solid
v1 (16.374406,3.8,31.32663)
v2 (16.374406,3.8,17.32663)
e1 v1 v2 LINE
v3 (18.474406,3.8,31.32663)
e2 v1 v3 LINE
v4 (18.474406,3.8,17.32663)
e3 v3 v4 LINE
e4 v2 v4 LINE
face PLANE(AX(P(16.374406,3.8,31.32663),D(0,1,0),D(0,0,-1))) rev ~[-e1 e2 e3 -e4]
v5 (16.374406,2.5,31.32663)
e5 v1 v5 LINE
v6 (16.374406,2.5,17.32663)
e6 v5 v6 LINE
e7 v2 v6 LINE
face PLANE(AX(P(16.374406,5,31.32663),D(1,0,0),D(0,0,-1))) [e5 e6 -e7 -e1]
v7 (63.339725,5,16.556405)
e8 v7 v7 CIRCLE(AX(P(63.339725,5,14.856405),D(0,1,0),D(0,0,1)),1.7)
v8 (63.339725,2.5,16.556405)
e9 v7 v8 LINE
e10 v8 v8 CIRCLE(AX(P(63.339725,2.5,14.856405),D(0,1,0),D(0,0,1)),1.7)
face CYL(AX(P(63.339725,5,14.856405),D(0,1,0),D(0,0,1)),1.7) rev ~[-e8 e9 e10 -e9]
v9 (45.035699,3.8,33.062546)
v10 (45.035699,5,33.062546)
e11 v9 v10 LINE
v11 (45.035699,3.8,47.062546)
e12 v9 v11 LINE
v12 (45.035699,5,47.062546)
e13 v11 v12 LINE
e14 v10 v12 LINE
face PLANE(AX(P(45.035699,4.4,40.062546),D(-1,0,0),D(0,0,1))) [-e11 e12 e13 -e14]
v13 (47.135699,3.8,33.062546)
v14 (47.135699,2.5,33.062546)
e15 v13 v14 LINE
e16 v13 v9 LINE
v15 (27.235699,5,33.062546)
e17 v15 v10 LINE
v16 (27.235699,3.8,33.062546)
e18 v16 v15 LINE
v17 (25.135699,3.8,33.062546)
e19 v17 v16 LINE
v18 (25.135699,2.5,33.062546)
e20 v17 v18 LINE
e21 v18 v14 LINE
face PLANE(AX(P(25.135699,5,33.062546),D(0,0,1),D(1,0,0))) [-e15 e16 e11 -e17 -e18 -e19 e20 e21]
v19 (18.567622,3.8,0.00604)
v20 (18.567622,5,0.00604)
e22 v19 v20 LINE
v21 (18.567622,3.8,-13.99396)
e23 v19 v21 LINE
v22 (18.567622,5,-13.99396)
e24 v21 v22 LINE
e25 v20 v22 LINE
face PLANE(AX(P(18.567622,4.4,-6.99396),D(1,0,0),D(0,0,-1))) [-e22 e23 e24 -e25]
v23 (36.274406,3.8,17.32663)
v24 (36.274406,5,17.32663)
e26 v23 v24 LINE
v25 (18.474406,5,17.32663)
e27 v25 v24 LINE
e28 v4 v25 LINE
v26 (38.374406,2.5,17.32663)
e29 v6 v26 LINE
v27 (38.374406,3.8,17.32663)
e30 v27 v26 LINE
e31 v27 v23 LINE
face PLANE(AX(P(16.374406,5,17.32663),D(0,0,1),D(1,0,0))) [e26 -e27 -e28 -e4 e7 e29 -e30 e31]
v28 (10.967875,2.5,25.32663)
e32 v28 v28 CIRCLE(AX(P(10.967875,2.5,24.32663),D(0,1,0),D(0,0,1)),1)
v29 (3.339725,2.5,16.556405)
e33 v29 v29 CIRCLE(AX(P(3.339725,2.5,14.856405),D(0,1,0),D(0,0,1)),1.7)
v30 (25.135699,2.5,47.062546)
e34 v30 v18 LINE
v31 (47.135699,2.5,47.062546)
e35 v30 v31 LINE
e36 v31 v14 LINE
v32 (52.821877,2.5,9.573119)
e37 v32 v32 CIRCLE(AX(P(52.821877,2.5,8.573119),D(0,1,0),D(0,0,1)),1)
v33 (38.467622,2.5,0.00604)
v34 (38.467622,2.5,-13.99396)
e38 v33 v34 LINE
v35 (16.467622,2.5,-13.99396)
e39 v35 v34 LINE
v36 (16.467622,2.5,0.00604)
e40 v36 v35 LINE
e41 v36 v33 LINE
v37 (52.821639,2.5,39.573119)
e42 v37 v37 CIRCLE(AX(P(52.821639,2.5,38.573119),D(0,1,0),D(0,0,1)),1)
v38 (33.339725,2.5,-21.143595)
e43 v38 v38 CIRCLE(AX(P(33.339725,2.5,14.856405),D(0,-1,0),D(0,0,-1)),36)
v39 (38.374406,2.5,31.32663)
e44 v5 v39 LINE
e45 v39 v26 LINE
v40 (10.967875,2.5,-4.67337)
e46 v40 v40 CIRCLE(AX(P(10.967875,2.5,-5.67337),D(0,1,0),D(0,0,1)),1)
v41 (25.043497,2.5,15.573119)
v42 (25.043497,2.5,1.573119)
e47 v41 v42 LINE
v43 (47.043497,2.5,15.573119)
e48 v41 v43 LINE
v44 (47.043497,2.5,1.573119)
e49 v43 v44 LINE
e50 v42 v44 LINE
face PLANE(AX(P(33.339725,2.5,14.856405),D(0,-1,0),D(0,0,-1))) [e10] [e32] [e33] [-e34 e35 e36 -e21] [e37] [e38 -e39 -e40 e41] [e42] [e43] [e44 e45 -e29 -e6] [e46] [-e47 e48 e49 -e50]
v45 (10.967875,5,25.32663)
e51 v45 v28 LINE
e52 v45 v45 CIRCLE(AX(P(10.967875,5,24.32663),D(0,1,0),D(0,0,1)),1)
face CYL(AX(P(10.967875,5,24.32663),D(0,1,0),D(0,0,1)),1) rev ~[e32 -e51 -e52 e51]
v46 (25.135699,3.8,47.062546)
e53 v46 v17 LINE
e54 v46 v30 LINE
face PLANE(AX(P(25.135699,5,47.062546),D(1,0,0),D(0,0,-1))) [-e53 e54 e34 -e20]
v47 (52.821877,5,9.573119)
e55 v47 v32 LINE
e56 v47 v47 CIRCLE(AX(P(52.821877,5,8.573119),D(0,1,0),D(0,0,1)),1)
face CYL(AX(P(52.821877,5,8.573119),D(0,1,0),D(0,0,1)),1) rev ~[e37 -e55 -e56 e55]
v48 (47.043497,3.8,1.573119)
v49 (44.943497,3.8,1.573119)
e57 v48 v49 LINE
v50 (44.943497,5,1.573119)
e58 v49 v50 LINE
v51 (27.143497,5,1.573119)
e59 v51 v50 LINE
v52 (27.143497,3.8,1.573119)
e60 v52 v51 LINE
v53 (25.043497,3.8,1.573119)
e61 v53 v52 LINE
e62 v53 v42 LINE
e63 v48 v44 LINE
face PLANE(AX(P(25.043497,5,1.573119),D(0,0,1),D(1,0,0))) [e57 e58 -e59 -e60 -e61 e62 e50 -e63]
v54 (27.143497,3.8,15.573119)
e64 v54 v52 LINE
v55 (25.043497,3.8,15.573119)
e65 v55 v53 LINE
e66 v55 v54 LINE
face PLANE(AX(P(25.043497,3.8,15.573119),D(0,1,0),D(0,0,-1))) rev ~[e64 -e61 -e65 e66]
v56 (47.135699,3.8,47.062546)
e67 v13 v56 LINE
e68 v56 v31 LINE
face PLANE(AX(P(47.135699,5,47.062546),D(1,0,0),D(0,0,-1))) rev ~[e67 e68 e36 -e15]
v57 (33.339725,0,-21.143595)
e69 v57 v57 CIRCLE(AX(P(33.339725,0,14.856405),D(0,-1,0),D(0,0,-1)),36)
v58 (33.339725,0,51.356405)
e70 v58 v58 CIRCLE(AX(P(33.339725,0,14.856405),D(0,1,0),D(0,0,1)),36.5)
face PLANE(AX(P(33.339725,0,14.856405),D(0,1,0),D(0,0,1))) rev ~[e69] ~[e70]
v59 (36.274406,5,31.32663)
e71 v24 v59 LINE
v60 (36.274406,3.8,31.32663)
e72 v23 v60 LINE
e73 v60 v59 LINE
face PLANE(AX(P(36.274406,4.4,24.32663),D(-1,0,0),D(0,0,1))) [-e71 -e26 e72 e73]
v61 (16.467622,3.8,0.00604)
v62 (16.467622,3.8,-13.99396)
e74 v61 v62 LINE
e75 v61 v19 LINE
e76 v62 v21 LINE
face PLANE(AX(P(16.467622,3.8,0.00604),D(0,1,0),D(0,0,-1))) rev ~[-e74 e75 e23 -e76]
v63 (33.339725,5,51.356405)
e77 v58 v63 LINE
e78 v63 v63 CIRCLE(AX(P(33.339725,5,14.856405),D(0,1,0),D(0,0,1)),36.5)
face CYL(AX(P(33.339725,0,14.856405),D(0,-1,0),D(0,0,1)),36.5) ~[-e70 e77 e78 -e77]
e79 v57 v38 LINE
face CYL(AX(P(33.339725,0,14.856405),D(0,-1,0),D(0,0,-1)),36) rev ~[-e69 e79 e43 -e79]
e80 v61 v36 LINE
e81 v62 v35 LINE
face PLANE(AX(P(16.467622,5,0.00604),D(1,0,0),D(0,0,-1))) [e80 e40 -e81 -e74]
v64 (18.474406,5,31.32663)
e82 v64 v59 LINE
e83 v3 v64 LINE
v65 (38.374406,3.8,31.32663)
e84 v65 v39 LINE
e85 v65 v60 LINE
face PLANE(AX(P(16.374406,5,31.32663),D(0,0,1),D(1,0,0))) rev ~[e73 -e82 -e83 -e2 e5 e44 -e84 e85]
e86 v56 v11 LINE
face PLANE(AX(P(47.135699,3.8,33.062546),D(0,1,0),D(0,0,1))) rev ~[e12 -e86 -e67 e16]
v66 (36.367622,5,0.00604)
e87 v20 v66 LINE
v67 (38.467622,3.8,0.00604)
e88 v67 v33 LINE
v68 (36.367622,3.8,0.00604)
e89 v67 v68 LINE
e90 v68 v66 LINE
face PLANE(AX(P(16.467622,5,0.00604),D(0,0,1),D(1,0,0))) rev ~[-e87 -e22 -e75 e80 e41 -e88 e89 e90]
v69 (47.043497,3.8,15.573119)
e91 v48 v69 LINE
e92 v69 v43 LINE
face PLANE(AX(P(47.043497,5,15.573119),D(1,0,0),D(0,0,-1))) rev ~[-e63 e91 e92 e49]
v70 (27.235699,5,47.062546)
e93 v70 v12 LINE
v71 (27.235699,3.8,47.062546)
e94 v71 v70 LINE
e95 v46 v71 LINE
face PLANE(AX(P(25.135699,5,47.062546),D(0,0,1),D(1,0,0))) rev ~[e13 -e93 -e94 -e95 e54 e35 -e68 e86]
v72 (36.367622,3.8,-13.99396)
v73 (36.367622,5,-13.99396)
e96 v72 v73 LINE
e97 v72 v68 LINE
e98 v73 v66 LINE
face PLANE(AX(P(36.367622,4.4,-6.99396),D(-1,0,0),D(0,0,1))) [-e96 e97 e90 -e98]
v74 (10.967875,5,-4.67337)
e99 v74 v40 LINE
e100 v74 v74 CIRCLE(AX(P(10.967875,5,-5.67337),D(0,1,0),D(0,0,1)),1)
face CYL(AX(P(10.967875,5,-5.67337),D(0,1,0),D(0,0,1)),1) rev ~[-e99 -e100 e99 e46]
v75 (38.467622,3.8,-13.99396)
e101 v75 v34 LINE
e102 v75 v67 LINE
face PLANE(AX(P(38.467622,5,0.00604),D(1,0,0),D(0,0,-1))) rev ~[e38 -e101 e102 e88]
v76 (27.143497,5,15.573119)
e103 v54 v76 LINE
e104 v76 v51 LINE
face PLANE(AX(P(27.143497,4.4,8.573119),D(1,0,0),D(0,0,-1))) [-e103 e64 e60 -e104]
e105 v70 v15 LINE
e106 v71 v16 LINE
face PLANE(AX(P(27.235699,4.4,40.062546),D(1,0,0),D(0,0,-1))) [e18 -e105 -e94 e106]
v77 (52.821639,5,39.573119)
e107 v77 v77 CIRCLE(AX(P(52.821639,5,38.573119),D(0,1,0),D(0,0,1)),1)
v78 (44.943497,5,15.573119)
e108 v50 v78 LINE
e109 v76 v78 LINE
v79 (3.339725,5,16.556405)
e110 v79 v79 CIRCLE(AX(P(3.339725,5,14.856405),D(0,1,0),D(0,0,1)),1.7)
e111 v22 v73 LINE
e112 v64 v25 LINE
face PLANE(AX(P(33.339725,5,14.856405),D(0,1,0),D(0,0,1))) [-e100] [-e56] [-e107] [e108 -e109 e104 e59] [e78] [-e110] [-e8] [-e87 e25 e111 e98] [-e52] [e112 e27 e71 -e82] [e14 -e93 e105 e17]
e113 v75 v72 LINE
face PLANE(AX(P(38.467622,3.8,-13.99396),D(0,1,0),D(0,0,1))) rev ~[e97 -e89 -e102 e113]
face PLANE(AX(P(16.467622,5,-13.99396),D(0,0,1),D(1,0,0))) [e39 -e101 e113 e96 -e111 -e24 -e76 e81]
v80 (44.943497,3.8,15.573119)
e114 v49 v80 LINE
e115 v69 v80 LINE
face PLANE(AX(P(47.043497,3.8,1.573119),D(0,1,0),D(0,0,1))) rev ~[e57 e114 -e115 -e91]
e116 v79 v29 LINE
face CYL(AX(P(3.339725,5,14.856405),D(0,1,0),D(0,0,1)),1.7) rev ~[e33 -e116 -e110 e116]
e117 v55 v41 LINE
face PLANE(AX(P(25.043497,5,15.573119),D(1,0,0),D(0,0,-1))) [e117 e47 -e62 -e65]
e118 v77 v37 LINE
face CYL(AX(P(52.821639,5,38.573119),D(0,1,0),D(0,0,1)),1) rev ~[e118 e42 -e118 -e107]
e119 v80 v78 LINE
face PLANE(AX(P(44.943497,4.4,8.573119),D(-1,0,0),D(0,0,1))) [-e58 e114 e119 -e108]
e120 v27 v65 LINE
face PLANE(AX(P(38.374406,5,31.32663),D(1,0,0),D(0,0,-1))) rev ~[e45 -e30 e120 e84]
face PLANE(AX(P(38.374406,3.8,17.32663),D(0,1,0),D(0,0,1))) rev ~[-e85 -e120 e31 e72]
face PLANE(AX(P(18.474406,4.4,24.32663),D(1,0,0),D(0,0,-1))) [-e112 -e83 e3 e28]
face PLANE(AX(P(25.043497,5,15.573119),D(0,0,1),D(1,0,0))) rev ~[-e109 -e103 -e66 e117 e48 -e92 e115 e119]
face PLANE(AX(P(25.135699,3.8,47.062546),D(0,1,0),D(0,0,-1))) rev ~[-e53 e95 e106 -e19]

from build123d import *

# Parameters (mm, degrees)
SKETCH1_R            = 36.5
BOSS_EXTRUDE1_DEPTH  = 5
SKETCH2_W            = 22
SKETCH2_H            = 14
CUT_EXTRUDE1_DEPTH   = 2.5
SKETCH6_W            = 14
SKETCH6_H            = 1.2
BOSS_EXTRUDE2_DEPTH  = 2.1
SKETCH7_W            = 14
SKETCH7_H            = 1.2
BOSS_EXTRUDE3_DEPTH  = 2.1
SKETCH8_W            = 14
SKETCH8_H            = 1.2
BOSS_EXTRUDE4_DEPTH  = 2.1
SKETCH10_W           = 14
SKETCH10_H           = 1.2
BOSS_EXTRUDE10_DEPTH = 2.1
SKETCH21_W           = 14
SKETCH21_H           = 1.2
BOSS_EXTRUDE11_DEPTH = 2.1
SKETCH13_W           = 14
SKETCH13_H           = 1.2
BOSS_EXTRUDE7_DEPTH  = 2.1
SKETCH14_W           = 14
SKETCH14_H           = 1.2
BOSS_EXTRUDE8_DEPTH  = 2.1
SKETCH18_W           = 14
SKETCH18_H           = 1.2
BOSS_EXTRUDE9_DEPTH  = 2.1
SKETCH20_R           = 36
CUT_EXTRUDE3_DEPTH   = 2.5
SKETCH22_R           = 1
CUT_EXTRUDE4_DEPTH   = 10
SKETCH24_R           = 1.7
CUT_EXTRUDE5_DEPTH   = 87.833561687


with BuildPart() as part:
    # Sketch1 → Boss-Extrude1 (new body)
    with BuildSketch(Plane(origin=(0, 0, 0), x_dir=(1, 0, 0), z_dir=(0, 1, 0))):
        with Locations(Location((33.33972472, -14.85640453, 0), (0, 0, 270))):
            Circle(SKETCH1_R)
    extrude(amount=BOSS_EXTRUDE1_DEPTH)

    # Sketch2 → Cut-Extrude1 (cut)
    with BuildSketch(Plane(origin=(0, 5, 0), x_dir=(1, 0, 0), z_dir=(0, 1, 0))):
        with Locations((36.135698514, -40.062546055)):
            Rectangle(SKETCH2_W, SKETCH2_H)
        with Locations((27.374405596, -24.326629568)):
            Rectangle(SKETCH2_W, SKETCH2_H)
        with Locations((27.467621635, 6.993959585)):
            Rectangle(SKETCH2_W, SKETCH2_H)
        with Locations((36.043497237, -8.573118952)):
            Rectangle(SKETCH2_W, SKETCH2_H)
    extrude(amount=-CUT_EXTRUDE1_DEPTH, mode=Mode.SUBTRACT)

    # Sketch6 → Boss-Extrude2 (add)
    with BuildSketch(Plane.ZY.offset(-38.467621635)):
        with Locations((-6.993959585, 4.4)):
            Rectangle(SKETCH6_W, SKETCH6_H)
    extrude(amount=BOSS_EXTRUDE2_DEPTH)

    # Sketch7 → Boss-Extrude3 (add)
    with BuildSketch(Plane(origin=(16.467621635, 0, 0), x_dir=(0, 0, -1), z_dir=(1, 0, 0))):
        with Locations((6.993959585, 4.4)):
            Rectangle(SKETCH7_W, SKETCH7_H)
    extrude(amount=BOSS_EXTRUDE3_DEPTH)

    # Sketch8 → Boss-Extrude4 (add)
    with BuildSketch(Plane(origin=(25.043497237, 0, 0), x_dir=(0, 0, -1), z_dir=(1, 0, 0))):
        with Locations((-8.573118952, 4.4)):
            Rectangle(SKETCH8_W, SKETCH8_H)
    extrude(amount=BOSS_EXTRUDE4_DEPTH)

    # Sketch10 → Boss-Extrude10 (add)
    with BuildSketch(Plane.ZY.offset(-47.043497237)):
        with Locations((8.573118952, 4.4)):
            Rectangle(SKETCH10_W, SKETCH10_H)
    extrude(amount=BOSS_EXTRUDE10_DEPTH)

    # Sketch21 → Boss-Extrude11 (add)
    with BuildSketch(Plane.ZY.offset(-38.374405596)):
        with Locations((24.326629568, 4.4)):
            Rectangle(SKETCH21_W, SKETCH21_H)
    extrude(amount=BOSS_EXTRUDE11_DEPTH)

    # Sketch13 → Boss-Extrude7 (add)
    with BuildSketch(Plane(origin=(16.374405596, 0, 0), x_dir=(0, 0, -1), z_dir=(1, 0, 0))):
        with Locations((-24.326629568, 4.4)):
            Rectangle(SKETCH13_W, SKETCH13_H)
    extrude(amount=BOSS_EXTRUDE7_DEPTH)

    # Sketch14 → Boss-Extrude8 (add)
    with BuildSketch(Plane.ZY.offset(-47.135698514)):
        with Locations((40.062546055, 4.4)):
            Rectangle(SKETCH14_W, SKETCH14_H)
    extrude(amount=BOSS_EXTRUDE8_DEPTH)

    # Sketch18 → Boss-Extrude9 (add)
    with BuildSketch(Plane(origin=(25.135698514, 0, 0), x_dir=(0, 0, -1), z_dir=(1, 0, 0))):
        with Locations((-40.062546055, 4.4)):
            Rectangle(SKETCH18_W, SKETCH18_H)
    extrude(amount=BOSS_EXTRUDE9_DEPTH)

    # Sketch20 → Cut-Extrude3 (cut)
    with BuildSketch(Plane.XZ):
        with Locations(Location((33.33972472, 14.85640453, 0), (0, 0, 270))):
            Circle(SKETCH20_R)
    extrude(amount=-CUT_EXTRUDE3_DEPTH, mode=Mode.SUBTRACT)

    # Sketch22 → Cut-Extrude4 (cut)
    with BuildSketch(Plane(origin=(0, 5, 0), x_dir=(1, 0, 0), z_dir=(0, 1, 0))):
        with Locations(Location((52.821638574, -38.573118952, 0), (0, 0, 270))):
            Circle(SKETCH22_R)
        with Locations(Location((10.967875326, -24.326629568, 0), (0, 0, 270))):
            Circle(SKETCH22_R)
        with Locations(Location((10.967875326, 5.673370432, 0), (0, 0, 270))):
            Circle(SKETCH22_R)
        with Locations(Location((52.821876902, -8.573118953, 0), (0, 0, 270))):
            Circle(SKETCH22_R)
    extrude(amount=-CUT_EXTRUDE4_DEPTH, mode=Mode.SUBTRACT)

    # Sketch24 → Cut-Extrude5 (cut, through all)
    with BuildSketch(Plane(origin=(0, 5, 0), x_dir=(1, 0, 0), z_dir=(0, 1, 0))):
        with Locations(Location((63.33972472, -14.85640453, 0), (0, 0, 270))):
            Circle(SKETCH24_R)
        with Locations(Location((3.33972472, -14.85640453, 0), (0, 0, 270))):
            Circle(SKETCH24_R)
    extrude(amount=-CUT_EXTRUDE5_DEPTH, mode=Mode.SUBTRACT)


solid = part.part
